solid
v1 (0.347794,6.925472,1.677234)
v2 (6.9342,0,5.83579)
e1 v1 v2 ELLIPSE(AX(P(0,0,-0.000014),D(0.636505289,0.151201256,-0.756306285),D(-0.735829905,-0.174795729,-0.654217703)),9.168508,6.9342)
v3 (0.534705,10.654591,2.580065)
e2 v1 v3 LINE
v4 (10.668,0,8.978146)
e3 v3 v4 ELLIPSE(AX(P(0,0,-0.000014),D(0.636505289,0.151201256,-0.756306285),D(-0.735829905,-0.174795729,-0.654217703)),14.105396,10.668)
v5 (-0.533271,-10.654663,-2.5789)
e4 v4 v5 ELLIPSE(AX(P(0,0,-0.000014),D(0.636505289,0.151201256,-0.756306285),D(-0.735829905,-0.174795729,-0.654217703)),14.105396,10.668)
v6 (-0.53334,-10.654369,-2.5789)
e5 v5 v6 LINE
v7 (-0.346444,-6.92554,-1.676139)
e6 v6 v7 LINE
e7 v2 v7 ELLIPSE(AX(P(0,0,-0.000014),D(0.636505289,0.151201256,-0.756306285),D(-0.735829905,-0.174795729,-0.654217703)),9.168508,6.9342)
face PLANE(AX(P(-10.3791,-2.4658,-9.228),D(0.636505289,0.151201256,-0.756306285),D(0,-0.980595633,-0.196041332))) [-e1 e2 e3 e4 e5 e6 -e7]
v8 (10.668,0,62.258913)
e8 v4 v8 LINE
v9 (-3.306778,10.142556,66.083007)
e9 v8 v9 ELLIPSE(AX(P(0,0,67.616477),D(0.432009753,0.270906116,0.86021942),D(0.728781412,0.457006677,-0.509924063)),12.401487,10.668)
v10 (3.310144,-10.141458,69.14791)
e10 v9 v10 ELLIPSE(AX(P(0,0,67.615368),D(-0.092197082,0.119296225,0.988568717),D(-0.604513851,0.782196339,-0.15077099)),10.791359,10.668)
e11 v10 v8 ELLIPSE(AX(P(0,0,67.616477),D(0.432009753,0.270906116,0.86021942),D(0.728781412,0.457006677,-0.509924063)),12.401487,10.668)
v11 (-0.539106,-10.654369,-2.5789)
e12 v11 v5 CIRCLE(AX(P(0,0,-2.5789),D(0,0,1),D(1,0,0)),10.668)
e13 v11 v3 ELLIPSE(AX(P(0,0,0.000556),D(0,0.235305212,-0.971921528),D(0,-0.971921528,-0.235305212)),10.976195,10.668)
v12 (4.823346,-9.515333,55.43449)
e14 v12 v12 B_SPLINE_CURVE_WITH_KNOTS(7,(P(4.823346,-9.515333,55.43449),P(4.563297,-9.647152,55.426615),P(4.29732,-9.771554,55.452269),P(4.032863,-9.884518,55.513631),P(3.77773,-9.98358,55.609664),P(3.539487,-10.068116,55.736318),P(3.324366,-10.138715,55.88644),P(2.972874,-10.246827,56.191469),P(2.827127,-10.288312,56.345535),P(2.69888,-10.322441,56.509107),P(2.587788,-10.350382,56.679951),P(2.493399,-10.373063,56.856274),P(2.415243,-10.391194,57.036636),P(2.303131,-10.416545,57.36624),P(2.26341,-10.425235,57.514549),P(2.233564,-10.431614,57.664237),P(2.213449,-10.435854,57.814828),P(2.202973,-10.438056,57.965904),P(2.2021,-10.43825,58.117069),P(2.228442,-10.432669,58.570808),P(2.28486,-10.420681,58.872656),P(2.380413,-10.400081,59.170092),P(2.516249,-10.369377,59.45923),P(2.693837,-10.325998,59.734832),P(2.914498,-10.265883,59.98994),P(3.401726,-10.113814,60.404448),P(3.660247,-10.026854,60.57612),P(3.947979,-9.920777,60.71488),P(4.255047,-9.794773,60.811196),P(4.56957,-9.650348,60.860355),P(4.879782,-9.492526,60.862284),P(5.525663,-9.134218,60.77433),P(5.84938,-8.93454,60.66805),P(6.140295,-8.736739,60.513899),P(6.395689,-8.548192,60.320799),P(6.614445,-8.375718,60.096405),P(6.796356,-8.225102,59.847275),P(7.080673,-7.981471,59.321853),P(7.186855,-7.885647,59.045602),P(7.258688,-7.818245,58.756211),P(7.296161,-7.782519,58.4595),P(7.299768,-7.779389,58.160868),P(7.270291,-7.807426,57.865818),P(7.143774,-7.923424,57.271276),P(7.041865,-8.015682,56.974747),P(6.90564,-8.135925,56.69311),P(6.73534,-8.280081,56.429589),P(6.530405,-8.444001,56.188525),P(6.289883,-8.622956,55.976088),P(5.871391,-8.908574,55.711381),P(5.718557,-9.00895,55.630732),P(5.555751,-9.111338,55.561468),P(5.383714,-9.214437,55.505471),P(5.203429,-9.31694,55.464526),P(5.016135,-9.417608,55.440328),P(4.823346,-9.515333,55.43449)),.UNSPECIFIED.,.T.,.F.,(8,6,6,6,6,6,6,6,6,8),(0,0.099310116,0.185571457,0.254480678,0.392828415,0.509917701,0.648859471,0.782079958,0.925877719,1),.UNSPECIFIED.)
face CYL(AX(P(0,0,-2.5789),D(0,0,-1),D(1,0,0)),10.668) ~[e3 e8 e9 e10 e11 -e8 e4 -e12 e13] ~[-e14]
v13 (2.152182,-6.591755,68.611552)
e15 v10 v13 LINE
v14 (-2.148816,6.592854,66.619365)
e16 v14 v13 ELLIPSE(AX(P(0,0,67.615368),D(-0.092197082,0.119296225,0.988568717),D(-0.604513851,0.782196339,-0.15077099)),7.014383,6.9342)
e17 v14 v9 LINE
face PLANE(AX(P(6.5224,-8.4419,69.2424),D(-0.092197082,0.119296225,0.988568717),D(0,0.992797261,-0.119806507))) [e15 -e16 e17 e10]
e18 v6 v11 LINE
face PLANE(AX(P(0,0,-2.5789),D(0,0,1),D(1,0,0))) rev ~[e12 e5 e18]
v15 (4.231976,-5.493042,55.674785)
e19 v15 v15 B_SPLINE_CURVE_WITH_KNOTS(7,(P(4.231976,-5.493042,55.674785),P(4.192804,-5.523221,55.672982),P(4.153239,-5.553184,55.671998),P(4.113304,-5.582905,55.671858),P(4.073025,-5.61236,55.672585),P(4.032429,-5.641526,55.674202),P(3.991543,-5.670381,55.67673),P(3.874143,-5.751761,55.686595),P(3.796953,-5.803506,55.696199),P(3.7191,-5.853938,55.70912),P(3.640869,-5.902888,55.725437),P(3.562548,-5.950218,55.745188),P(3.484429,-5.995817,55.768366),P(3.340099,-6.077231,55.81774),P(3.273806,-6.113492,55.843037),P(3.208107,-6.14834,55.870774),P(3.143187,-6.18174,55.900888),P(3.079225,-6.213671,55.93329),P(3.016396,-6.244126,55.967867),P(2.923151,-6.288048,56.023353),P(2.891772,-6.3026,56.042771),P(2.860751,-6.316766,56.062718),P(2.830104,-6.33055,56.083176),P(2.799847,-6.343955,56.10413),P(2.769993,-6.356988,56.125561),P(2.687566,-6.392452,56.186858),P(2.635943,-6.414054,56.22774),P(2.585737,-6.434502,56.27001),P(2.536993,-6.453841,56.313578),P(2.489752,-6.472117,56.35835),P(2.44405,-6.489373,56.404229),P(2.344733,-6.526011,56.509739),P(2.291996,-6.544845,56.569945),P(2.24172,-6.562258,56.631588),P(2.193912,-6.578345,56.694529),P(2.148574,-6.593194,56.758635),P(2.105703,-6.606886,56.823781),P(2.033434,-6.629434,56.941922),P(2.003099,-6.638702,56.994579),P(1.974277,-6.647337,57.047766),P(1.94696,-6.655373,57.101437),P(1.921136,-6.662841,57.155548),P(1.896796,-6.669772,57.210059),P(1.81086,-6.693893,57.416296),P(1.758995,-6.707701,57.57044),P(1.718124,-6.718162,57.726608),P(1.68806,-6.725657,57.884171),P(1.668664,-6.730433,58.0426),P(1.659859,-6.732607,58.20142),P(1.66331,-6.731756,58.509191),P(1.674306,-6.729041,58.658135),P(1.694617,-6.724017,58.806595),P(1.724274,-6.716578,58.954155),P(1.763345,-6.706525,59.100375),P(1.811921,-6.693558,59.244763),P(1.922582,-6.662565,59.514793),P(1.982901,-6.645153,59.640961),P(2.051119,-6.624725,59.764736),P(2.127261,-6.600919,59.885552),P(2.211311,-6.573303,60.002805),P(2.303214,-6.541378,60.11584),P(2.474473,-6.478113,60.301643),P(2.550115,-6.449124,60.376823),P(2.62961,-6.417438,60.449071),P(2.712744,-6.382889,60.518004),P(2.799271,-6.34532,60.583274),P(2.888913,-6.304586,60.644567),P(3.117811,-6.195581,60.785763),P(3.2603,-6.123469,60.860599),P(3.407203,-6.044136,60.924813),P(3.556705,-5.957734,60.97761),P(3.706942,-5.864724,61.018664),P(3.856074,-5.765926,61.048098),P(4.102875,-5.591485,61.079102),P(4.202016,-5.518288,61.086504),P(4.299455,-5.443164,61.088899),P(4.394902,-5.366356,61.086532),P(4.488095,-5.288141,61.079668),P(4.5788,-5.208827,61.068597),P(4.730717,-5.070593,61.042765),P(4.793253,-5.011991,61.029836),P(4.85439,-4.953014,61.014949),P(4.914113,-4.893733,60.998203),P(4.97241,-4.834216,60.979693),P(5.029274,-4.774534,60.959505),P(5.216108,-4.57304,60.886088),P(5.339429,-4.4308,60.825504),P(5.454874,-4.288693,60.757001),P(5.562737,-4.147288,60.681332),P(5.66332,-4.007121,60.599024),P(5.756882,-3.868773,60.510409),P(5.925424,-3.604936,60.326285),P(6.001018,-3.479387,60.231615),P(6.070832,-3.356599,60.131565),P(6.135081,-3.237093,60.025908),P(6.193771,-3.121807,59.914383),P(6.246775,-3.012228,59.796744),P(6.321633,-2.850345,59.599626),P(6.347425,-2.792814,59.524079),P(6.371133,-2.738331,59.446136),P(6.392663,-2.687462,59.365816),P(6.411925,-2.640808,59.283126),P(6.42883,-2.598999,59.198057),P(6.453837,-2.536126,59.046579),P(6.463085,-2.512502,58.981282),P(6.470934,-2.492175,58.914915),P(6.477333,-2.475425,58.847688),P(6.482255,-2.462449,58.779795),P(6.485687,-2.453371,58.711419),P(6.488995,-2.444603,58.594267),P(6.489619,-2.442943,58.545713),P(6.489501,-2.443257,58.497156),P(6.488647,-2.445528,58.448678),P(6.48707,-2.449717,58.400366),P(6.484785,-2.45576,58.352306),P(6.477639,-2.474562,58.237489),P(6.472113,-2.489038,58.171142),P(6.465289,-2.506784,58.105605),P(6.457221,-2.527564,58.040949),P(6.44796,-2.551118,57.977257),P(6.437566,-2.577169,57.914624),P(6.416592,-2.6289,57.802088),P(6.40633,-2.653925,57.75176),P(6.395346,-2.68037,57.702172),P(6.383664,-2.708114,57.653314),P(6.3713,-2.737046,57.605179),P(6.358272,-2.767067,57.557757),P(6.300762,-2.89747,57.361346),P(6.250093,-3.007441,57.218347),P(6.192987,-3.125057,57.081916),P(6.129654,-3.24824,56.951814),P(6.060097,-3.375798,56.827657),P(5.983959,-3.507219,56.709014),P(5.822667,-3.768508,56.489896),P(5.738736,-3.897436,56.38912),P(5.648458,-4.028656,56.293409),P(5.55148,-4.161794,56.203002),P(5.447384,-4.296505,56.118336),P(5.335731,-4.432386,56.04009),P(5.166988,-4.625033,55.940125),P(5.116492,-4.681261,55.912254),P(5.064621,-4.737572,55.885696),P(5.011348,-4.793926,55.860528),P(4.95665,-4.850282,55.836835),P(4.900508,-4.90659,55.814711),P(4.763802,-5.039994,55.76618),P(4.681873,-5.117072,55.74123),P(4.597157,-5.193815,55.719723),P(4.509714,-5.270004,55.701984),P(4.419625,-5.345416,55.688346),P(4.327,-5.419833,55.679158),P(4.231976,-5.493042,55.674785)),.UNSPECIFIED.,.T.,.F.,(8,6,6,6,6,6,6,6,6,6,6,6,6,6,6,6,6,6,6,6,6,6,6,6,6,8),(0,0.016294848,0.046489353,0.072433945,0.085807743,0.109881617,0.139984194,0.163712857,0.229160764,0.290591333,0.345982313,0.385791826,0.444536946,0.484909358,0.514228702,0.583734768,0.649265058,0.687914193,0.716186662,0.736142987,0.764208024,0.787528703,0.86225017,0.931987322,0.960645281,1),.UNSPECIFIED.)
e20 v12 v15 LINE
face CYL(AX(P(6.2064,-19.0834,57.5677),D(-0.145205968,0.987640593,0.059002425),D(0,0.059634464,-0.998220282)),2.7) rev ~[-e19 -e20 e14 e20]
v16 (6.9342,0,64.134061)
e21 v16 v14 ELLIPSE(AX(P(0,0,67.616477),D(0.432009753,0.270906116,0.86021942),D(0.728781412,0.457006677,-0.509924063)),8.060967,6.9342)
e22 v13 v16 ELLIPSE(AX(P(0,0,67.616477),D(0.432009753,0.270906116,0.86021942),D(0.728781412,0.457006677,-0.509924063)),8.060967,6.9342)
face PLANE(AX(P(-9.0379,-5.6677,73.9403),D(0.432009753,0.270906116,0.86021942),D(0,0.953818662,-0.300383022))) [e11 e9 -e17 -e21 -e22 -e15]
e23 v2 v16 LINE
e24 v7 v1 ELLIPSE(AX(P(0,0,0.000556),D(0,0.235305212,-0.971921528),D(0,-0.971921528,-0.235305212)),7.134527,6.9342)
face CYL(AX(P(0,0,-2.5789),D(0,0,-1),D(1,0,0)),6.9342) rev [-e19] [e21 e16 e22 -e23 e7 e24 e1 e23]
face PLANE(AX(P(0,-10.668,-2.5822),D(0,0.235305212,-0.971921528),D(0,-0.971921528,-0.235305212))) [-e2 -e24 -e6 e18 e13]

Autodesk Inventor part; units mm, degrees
ref_plane "Start Plane" through (0, 0, -2.5789) normal (0, 0, 1) x (1, 0, 0)
ref_plane "End Plane" through (0, 0, 69.1479) normal (0, 0, 1) x (1, 0, 0)
sketch "Sketch" plane through (0, 0, 0) normal (0, 0, 1) x (1, 0, 0)
  circle A0 centre (0, 0) radius 6.9342
  circle A1 centre (0, 0) radius 10.668
  dimension "d0" = 21.336
  dimension "d1" = 3.7338
extrude "Body" add sketch "Sketch" along normal up to surface (71.7269 mm away) from surface at -2.5789
sketch "Sketch3" plane through (0, 0, 0) normal (0, 0, 1) x (1, 0, 0)
  line L0 (0, 0) -> (10, 0)
ref_plane "Work Plane3" through (0, 0, 0) normal (0, -1, 0) x (1, 0, 0)
sketch "Sketch4" plane through (0, 0, 0) normal (0, -1, 0) x (1, 0, 0)
  line L0 (-2, -2.5789) -> (12, -2.5789)
  line L1 (-2, 69.1479) -> (12, 69.1479)
  dimension "d7" = 71.7268
ref_plane "Work Plane4" through (6.5224, -8.4419, 69.2424) normal (-0.0922, 0.1193, 0.9886) x (0.9957, 0.0055, 0.0922)
split "Split1" plane through (6.5224, -8.4419, 69.2424) removes the side toward (-0.0922, 0.1193, 0.9886)
ref_plane "Work Plane5" through (-10.3791, -2.4658, -9.228) normal (0.6365, 0.1512, -0.7563) x (-0.6625, -0.395, -0.6365)
split "Split2" plane through (-10.3791, -2.4658, -9.228) removes the side toward (0.6365, 0.1512, -0.7563)
ref_plane "Work Plane6" through (0, -10.668, -2.5822) normal (0, 0.2353, -0.9719) x (1, 0, 0)
split "Split3" plane through (0, -10.668, -2.5822) removes the side toward (0, 0.2353, -0.9719)
ref_plane "Work Plane7" through (-9.0379, -5.6677, 73.9403) normal (0.432, 0.2709, 0.8602) x (0.8997, -0.0629, -0.432)
split "Split4" plane through (-9.0379, -5.6677, 73.9403) removes the side toward (0.432, 0.2709, 0.8602)
ref_plane "Work Plane8" through (8.1097, -16.9443, 26.4447) normal (0.1452, -0.9876, -0.059) x (0.0697, -0.0493, 0.9963)
sketch "Sketch5" plane through (8.1097, -16.9443, 26.4447) normal (0.1452, -0.9876, -0.059) x (0.0697, -0.0493, 0.9963)
  circle A0 centre (30.9821, 4.1171) radius 3 projected
  point P0 (-27.7483, 3.8509)
hole "Hole1" at (6.2064, -19.0834, 57.5677) direction (-0.1452, 0.9876, 0.059) diameter 5.4 depth 20 tip angle 118
equation "\"d0\" = G_H"
equation "\"d1\" = G_T"
equation "\"d2\" = G_L"
equation "\"G_H\" = 21.336"
equation "\"G_T\" = 3.7338"
equation "\"G_L\" = 71.72685"
equation "\"G_OFFSET_START\" = 2.57893"
equation "\"G_OFFSET_END\" = 1.53222"
equation "\"d4\" = -G_OFFSET_START"
equation "\"d5\" = G_OFFSET_END + B_L"
equation "\"B_L\" = 67.61571"
properties part number "ANSI - 1/2 x 0.147 - 2.824" material "Steel, Mild"
